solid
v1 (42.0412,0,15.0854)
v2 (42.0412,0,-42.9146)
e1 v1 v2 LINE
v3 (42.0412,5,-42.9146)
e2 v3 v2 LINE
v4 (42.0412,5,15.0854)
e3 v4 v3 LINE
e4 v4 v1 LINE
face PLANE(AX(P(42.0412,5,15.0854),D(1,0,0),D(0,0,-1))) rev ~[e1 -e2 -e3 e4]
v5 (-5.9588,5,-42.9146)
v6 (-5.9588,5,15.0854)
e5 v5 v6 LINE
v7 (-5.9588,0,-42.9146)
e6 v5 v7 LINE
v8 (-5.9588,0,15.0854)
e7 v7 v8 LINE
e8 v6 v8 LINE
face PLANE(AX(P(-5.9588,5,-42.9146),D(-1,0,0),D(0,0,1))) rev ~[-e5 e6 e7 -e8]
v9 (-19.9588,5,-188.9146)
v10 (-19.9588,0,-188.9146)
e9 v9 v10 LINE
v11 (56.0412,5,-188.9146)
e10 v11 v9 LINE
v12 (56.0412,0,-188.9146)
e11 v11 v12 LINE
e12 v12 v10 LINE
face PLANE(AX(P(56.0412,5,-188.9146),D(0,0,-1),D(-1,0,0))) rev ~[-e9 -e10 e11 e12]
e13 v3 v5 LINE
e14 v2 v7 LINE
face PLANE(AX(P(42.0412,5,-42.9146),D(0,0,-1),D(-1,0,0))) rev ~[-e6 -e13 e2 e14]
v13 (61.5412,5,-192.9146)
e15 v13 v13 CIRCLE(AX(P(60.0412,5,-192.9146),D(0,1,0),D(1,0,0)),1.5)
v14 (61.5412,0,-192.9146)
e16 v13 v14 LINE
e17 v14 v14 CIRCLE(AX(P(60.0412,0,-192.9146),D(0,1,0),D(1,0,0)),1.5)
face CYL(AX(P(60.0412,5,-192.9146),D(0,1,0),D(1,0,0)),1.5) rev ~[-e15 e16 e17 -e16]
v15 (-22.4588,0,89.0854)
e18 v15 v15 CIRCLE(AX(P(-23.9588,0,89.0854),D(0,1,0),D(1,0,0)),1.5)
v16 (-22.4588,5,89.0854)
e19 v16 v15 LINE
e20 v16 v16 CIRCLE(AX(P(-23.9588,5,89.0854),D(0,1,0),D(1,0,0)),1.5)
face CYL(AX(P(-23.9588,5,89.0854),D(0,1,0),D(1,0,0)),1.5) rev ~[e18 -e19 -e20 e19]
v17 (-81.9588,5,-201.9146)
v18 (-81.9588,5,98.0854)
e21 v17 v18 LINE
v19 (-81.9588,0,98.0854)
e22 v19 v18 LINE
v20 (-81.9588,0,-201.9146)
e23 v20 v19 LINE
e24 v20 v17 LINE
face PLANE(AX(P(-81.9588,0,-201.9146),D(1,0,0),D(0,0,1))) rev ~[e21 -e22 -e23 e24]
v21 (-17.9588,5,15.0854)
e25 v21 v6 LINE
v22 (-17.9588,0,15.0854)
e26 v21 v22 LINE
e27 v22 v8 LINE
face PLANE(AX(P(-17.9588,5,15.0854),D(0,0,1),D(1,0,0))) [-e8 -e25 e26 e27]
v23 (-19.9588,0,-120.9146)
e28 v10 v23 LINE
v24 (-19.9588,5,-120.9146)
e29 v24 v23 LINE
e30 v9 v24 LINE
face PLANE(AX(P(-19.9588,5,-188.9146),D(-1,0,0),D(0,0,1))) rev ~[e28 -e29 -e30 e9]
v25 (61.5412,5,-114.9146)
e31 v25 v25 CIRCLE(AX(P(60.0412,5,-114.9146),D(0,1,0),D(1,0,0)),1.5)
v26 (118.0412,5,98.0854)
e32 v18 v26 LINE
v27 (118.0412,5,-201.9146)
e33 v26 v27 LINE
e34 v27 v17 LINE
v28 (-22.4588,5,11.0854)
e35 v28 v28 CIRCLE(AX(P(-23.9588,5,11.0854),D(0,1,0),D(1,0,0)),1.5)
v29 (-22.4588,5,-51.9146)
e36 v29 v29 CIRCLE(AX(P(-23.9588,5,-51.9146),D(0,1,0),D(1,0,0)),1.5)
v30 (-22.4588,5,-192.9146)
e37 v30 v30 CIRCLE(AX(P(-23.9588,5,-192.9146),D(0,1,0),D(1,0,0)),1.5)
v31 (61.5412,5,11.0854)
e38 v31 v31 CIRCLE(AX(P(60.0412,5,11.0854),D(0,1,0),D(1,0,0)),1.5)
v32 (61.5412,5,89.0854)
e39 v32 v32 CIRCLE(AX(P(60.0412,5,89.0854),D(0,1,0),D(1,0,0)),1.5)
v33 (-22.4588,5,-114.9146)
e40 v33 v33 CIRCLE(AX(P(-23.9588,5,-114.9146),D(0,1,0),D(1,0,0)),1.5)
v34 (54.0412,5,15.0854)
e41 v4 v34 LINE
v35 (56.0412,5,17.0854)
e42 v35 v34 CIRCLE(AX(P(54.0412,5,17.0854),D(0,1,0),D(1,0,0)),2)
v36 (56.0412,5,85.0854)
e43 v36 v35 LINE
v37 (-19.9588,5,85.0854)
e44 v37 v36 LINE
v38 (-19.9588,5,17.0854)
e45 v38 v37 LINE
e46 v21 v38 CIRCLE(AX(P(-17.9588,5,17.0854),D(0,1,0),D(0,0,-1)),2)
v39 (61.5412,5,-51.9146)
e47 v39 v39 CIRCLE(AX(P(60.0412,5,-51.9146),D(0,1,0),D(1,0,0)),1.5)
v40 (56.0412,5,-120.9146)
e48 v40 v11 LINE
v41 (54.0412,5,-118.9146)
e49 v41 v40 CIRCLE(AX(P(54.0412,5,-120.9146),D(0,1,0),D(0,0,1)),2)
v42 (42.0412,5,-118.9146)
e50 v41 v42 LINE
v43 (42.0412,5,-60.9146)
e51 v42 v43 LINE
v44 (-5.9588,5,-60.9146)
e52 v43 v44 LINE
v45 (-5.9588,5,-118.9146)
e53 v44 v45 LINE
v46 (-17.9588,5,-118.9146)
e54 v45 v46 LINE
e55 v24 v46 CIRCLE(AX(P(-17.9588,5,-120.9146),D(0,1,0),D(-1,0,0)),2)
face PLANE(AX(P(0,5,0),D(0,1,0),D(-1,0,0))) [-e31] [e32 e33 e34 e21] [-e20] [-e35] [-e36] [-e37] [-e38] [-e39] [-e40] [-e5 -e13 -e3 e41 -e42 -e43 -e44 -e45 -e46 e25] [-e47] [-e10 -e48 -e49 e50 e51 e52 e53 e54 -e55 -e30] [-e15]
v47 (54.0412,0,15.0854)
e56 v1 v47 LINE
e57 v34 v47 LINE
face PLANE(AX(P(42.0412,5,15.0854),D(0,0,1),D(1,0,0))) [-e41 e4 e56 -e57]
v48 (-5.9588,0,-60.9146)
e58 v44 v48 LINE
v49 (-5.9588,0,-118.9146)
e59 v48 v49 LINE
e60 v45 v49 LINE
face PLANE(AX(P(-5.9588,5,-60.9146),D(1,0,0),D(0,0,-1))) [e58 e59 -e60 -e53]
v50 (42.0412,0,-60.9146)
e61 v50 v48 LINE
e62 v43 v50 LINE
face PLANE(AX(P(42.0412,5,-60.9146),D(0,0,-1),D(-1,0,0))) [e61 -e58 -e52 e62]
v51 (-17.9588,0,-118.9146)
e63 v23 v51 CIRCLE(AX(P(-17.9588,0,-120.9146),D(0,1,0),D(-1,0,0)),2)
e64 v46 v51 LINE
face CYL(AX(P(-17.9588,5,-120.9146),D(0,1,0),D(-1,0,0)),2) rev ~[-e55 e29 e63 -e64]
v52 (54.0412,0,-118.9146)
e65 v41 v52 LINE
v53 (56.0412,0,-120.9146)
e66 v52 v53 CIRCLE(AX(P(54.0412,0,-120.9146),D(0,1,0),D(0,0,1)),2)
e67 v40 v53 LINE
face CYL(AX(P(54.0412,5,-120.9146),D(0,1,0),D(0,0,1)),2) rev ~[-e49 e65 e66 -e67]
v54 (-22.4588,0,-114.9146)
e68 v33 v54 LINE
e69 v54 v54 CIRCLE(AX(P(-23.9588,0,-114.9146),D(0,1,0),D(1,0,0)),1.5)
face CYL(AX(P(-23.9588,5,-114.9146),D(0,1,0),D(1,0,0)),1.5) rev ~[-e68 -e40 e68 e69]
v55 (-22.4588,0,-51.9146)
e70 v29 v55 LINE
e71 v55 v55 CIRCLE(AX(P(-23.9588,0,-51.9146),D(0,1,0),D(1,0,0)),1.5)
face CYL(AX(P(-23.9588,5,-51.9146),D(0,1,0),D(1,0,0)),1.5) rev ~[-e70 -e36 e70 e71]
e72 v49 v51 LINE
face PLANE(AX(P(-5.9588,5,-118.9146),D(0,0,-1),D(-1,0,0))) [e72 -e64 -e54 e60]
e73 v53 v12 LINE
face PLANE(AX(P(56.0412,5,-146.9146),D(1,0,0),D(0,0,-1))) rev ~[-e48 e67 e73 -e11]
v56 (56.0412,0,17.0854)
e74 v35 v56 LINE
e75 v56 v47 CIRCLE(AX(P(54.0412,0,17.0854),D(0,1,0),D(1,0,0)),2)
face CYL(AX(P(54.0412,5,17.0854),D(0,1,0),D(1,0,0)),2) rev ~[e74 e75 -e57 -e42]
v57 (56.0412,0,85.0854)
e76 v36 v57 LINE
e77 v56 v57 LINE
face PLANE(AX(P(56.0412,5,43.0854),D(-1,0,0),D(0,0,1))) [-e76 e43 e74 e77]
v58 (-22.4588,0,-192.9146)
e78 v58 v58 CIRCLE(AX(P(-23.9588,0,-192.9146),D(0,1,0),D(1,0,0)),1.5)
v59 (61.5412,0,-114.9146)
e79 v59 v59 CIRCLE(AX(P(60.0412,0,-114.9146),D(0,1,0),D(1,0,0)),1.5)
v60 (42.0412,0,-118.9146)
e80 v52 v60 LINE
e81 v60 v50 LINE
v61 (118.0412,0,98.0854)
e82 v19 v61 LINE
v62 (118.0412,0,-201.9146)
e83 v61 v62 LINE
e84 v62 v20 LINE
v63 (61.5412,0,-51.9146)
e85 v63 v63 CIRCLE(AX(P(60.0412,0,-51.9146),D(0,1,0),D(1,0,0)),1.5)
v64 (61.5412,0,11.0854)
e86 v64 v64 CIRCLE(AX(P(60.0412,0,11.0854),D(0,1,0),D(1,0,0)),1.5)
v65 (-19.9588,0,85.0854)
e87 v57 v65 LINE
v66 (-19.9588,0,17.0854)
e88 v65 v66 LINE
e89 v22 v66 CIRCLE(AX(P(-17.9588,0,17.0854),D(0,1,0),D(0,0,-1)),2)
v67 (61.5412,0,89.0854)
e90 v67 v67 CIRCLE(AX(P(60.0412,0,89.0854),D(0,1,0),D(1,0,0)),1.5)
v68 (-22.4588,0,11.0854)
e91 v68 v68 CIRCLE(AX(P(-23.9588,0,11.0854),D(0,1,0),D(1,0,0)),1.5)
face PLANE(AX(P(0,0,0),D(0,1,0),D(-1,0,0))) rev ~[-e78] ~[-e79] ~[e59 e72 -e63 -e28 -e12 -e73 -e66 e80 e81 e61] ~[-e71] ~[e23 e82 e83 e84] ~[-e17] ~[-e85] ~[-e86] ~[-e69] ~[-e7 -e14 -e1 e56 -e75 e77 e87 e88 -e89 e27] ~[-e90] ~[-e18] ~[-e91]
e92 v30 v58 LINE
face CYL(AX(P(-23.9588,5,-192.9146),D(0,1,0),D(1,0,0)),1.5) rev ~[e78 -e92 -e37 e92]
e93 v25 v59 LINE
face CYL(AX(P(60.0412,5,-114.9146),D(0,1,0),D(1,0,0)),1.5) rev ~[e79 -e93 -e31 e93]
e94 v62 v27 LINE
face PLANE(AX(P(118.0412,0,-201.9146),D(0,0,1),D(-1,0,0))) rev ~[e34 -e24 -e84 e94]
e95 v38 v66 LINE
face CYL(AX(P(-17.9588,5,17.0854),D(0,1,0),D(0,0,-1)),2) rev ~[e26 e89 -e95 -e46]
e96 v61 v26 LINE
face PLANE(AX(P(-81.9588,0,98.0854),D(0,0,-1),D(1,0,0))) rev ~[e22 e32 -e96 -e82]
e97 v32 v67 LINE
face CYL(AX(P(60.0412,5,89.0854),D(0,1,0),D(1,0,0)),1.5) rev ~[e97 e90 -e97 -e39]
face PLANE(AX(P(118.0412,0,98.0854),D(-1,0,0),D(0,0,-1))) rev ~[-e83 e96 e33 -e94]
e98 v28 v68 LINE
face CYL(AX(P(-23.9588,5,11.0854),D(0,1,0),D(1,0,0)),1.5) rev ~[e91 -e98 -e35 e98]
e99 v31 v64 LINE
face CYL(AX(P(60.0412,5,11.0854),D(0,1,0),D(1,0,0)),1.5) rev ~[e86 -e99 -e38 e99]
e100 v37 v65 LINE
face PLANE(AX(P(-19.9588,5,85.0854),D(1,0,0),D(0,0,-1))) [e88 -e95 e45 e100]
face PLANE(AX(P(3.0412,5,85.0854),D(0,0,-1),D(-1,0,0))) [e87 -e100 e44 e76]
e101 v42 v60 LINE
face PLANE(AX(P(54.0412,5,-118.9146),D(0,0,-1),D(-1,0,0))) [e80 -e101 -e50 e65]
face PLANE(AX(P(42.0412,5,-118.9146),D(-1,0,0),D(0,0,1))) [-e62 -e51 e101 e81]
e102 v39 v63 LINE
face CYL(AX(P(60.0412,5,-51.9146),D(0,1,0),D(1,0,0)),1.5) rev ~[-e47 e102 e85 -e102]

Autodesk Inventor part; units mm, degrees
ref_plane "YZ Plane" through (0, 0, 0) normal (1, 0, 0) x (0, 1, 0)
ref_plane "XZ Plane" through (0, 0, 0) normal (0, 1, 0) x (-1, 0, 0)
ref_plane "XY Plane" through (0, 0, 0) normal (0, 0, 1) x (1, 0, 0)
sketch "Esquisse1" plane through (0, 0, 0) normal (0, 1, 0) x (-1, 0, 0)
  line L0 (81.9588, 98.0854) -> (-118.0412, 98.0854)
  line L1 (-118.0412, 98.0854) -> (-118.0412, -201.9146)
  line L2 (-118.0412, -201.9146) -> (81.9588, -201.9146)
  line L3 (81.9588, -201.9146) -> (81.9588, 98.0854)
  point P0 (0, 0)
  dimension "d0" = 300
  dimension "d1" = 200
extrude "Extrusion1" add sketch "Esquisse1" along normal blind 5
sketch "Esquisse2" plane through (0, 5, 0) normal (0, 1, 0) x (1, 0, 0)
  circle A0 centre (43.0412, 167.9146) radius 2.5 projected
  arc A1 (33.0412, 150.9146) -> (35.0412, 152.9146) centre (33.0412, 152.9146) ccw projected
  line L0 (33.0412, 150.9146) -> (3.0412, 150.9146) projected
  arc A2 (1.0412, 152.9146) -> (3.0412, 150.9146) centre (3.0412, 152.9146) ccw projected
  line L1 (1.0412, 152.9146) -> (1.0412, 186.9146) projected
  arc A3 (3.0412, 188.9146) -> (1.0412, 186.9146) centre (3.0412, 186.9146) ccw projected
  line L2 (3.0412, 188.9146) -> (33.0412, 188.9146) projected
  arc A4 (35.0412, 186.9146) -> (33.0412, 188.9146) centre (33.0412, 186.9146) ccw projected
  line L3 (35.0412, 186.9146) -> (35.0412, 152.9146) projected
  circle A5 centre (-6.9588, 167.9146) radius 2.5 projected
  circle A6 centre (48.0412, 172.9146) radius 1 projected
  circle A7 centre (38.0412, 172.9146) radius 1 projected
  circle A8 centre (-11.9588, 172.9146) radius 1 projected
  circle A9 centre (-11.9588, 162.9146) radius 1 projected
  circle A10 centre (-1.9588, 162.9146) radius 1 projected
  circle A11 centre (-1.9588, 172.9146) radius 1 projected
  circle A12 centre (38.0412, 162.9146) radius 1 projected
  circle A13 centre (48.0412, 162.9146) radius 1 projected
  circle A14 centre (60.0412, 114.9146) radius 1.5 projected
  circle A15 centre (-23.9588, 192.9146) radius 1.5 projected
  circle A16 centre (60.0412, 192.9146) radius 1.5 projected
  circle A17 centre (-23.9588, 114.9146) radius 1.5 projected
  circle A18 centre (-23.9588, 51.9146) radius 1.5 projected
  circle A19 centre (60.0412, -11.0854) radius 1.5 projected
  circle A20 centre (-23.9588, -89.0854) radius 1.5 projected
  circle A21 centre (60.0412, -89.0854) radius 1.5 projected
  circle A22 centre (-23.9588, -11.0854) radius 1.5 projected
  circle A23 centre (60.0412, 51.9146) radius 1.5 projected
  circle A24 centre (43.0412, -64.0854) radius 2.5 projected
  circle A25 centre (48.0412, -59.0854) radius 1 projected
  circle A26 centre (38.0412, -59.0854) radius 1 projected
  circle A27 centre (-1.9588, -69.0854) radius 1 projected
  circle A28 centre (-1.9588, -59.0854) radius 1 projected
  circle A29 centre (-11.9588, -59.0854) radius 1 projected
  circle A30 centre (-11.9588, -69.0854) radius 1 projected
  circle A31 centre (38.0412, -69.0854) radius 1 projected
  circle A32 centre (48.0412, -69.0854) radius 1 projected
  circle A33 centre (-6.9588, -64.0854) radius 2.5 projected
  arc A34 (1.0412, -83.0854) -> (3.0412, -85.0854) centre (3.0412, -83.0854) ccw projected
  line L4 (1.0412, -83.0854) -> (1.0412, -49.0854) projected
  arc A35 (3.0412, -47.0854) -> (1.0412, -49.0854) centre (3.0412, -49.0854) ccw projected
  line L5 (3.0412, -47.0854) -> (33.0412, -47.0854) projected
  arc A36 (35.0412, -49.0854) -> (33.0412, -47.0854) centre (33.0412, -49.0854) ccw projected
  line L6 (35.0412, -49.0854) -> (35.0412, -83.0854) projected
  arc A37 (33.0412, -85.0854) -> (35.0412, -83.0854) centre (33.0412, -83.0854) ccw projected
  line L7 (33.0412, -85.0854) -> (3.0412, -85.0854) projected
  arc A38 (-19.9588, 120.9146) -> (-17.9588, 118.9146) centre (-17.9588, 120.9146) ccw projected
  line L8 (-19.9588, 120.9146) -> (-19.9588, 146.9146) projected
  arc A39 (-17.9588, 148.9146) -> (-19.9588, 146.9146) centre (-17.9588, 146.9146) ccw projected
  line L9 (-17.9588, 148.9146) -> (54.0412, 148.9146) projected
  arc A40 (56.0412, 146.9146) -> (54.0412, 148.9146) centre (54.0412, 146.9146) ccw projected
  line L10 (56.0412, 146.9146) -> (56.0412, 120.9146) projected
  arc A41 (54.0412, 118.9146) -> (56.0412, 120.9146) centre (54.0412, 120.9146) ccw projected
  line L11 (54.0412, 118.9146) -> (-17.9588, 118.9146) projected
  arc A42 (54.0412, -45.0854) -> (56.0412, -43.0854) centre (54.0412, -43.0854) ccw projected
  line L12 (54.0412, -45.0854) -> (-17.9588, -45.0854) projected
  arc A43 (-19.9588, -43.0854) -> (-17.9588, -45.0854) centre (-17.9588, -43.0854) ccw projected
  line L13 (-19.9588, -43.0854) -> (-19.9588, -17.0854) projected
  arc A44 (-17.9588, -15.0854) -> (-19.9588, -17.0854) centre (-17.9588, -17.0854) ccw projected
  line L14 (-17.9588, -15.0854) -> (54.0412, -15.0854) projected
  arc A45 (56.0412, -17.0854) -> (54.0412, -15.0854) centre (54.0412, -17.0854) ccw projected
  line L15 (56.0412, -17.0854) -> (56.0412, -43.0854) projected
  line L16 (-27.9588, -93.0854) -> (64.0412, -93.0854) projected
  line L17 (64.0412, -93.0854) -> (64.0412, 196.9146) projected
  line L18 (64.0412, 196.9146) -> (-27.9588, 196.9146) projected
  line L19 (-27.9588, 196.9146) -> (-27.9588, -93.0854) projected
  line L20 (-5.9588, -15.0854) -> (42.0412, -15.0854)
  line L21 (42.0412, -15.0854) -> (42.0412, 42.9146)
  line L22 (42.0412, 42.9146) -> (-5.9588, 42.9146)
  line L23 (-5.9588, 42.9146) -> (-5.9588, -15.0854)
  line L24 (-19.9588, -43.0854) -> (56.0412, -43.0854)
  line L25 (56.0412, -43.0854) -> (56.0412, -85.0854)
  line L26 (56.0412, -85.0854) -> (-19.9588, -85.0854)
  line L27 (-19.9588, -85.0854) -> (-19.9588, -43.0854)
  line L28 (-19.9588, 146.9146) -> (56.0412, 146.9146)
  line L29 (56.0412, 146.9146) -> (56.0412, 188.9146)
  line L30 (56.0412, 188.9146) -> (-19.9588, 188.9146)
  line L31 (-19.9588, 188.9146) -> (-19.9588, 146.9146)
  line L32 (-5.9588, 118.9146) -> (42.0412, 118.9146)
  line L33 (42.0412, 118.9146) -> (42.0412, 60.9146)
  line L34 (42.0412, 60.9146) -> (-5.9588, 60.9146)
  line L35 (-5.9588, 60.9146) -> (-5.9588, 118.9146)
  dimension "d7" = 14
  dimension "d8" = 14
  dimension "d9" = 58
  dimension "d10" = 0
  dimension "d11" = 0
  dimension "d14" = 14
  dimension "d15" = 14
  dimension "d16" = 58
extrude "Extrusion2" cut sketch "Esquisse2" against normal through all contours A0 | L0 A2 L1 A3 L2 A4 L3 A1 | A1 L3 A4 L30 L29 A40 L9 A39 L31 A3 L1 A2 L0 | L28 A39 L9 A40 | L10 A41 L11 A38 L8 L28 | L33 L34 L35 L11 | A5 | A6 | A7 | A8 | A9 | A10 | A11 | A12 | A13 | A14 | A15 | A16 | A17 | A18 | A19 | A20 | A21 | A22 | A23 | A24 | A25 | A26 | A27 | A28 | A29 | A30 | A31 | A32 | A33 | L4 A35 L5 A36 L6 A37 L7 A34 | A34 L26 L27 A43 L12 A42 L25 A37 L6 A36 L5 A35 L4 | L24 A42 L12 A43 | L13 A44 L14 A45 L15 L24 | L23 L22 L21 L14
ref_plane "Plan de construction1" through (-81.9588, 0, -51.9146) normal (0, 0, 1) x (1, 0, 0)
ref_plane "Plan de construction2" through (18.0412, 0, 98.0854) normal (1, 0, 0) x (0, 0, -1)
properties part number "socle-robot"
